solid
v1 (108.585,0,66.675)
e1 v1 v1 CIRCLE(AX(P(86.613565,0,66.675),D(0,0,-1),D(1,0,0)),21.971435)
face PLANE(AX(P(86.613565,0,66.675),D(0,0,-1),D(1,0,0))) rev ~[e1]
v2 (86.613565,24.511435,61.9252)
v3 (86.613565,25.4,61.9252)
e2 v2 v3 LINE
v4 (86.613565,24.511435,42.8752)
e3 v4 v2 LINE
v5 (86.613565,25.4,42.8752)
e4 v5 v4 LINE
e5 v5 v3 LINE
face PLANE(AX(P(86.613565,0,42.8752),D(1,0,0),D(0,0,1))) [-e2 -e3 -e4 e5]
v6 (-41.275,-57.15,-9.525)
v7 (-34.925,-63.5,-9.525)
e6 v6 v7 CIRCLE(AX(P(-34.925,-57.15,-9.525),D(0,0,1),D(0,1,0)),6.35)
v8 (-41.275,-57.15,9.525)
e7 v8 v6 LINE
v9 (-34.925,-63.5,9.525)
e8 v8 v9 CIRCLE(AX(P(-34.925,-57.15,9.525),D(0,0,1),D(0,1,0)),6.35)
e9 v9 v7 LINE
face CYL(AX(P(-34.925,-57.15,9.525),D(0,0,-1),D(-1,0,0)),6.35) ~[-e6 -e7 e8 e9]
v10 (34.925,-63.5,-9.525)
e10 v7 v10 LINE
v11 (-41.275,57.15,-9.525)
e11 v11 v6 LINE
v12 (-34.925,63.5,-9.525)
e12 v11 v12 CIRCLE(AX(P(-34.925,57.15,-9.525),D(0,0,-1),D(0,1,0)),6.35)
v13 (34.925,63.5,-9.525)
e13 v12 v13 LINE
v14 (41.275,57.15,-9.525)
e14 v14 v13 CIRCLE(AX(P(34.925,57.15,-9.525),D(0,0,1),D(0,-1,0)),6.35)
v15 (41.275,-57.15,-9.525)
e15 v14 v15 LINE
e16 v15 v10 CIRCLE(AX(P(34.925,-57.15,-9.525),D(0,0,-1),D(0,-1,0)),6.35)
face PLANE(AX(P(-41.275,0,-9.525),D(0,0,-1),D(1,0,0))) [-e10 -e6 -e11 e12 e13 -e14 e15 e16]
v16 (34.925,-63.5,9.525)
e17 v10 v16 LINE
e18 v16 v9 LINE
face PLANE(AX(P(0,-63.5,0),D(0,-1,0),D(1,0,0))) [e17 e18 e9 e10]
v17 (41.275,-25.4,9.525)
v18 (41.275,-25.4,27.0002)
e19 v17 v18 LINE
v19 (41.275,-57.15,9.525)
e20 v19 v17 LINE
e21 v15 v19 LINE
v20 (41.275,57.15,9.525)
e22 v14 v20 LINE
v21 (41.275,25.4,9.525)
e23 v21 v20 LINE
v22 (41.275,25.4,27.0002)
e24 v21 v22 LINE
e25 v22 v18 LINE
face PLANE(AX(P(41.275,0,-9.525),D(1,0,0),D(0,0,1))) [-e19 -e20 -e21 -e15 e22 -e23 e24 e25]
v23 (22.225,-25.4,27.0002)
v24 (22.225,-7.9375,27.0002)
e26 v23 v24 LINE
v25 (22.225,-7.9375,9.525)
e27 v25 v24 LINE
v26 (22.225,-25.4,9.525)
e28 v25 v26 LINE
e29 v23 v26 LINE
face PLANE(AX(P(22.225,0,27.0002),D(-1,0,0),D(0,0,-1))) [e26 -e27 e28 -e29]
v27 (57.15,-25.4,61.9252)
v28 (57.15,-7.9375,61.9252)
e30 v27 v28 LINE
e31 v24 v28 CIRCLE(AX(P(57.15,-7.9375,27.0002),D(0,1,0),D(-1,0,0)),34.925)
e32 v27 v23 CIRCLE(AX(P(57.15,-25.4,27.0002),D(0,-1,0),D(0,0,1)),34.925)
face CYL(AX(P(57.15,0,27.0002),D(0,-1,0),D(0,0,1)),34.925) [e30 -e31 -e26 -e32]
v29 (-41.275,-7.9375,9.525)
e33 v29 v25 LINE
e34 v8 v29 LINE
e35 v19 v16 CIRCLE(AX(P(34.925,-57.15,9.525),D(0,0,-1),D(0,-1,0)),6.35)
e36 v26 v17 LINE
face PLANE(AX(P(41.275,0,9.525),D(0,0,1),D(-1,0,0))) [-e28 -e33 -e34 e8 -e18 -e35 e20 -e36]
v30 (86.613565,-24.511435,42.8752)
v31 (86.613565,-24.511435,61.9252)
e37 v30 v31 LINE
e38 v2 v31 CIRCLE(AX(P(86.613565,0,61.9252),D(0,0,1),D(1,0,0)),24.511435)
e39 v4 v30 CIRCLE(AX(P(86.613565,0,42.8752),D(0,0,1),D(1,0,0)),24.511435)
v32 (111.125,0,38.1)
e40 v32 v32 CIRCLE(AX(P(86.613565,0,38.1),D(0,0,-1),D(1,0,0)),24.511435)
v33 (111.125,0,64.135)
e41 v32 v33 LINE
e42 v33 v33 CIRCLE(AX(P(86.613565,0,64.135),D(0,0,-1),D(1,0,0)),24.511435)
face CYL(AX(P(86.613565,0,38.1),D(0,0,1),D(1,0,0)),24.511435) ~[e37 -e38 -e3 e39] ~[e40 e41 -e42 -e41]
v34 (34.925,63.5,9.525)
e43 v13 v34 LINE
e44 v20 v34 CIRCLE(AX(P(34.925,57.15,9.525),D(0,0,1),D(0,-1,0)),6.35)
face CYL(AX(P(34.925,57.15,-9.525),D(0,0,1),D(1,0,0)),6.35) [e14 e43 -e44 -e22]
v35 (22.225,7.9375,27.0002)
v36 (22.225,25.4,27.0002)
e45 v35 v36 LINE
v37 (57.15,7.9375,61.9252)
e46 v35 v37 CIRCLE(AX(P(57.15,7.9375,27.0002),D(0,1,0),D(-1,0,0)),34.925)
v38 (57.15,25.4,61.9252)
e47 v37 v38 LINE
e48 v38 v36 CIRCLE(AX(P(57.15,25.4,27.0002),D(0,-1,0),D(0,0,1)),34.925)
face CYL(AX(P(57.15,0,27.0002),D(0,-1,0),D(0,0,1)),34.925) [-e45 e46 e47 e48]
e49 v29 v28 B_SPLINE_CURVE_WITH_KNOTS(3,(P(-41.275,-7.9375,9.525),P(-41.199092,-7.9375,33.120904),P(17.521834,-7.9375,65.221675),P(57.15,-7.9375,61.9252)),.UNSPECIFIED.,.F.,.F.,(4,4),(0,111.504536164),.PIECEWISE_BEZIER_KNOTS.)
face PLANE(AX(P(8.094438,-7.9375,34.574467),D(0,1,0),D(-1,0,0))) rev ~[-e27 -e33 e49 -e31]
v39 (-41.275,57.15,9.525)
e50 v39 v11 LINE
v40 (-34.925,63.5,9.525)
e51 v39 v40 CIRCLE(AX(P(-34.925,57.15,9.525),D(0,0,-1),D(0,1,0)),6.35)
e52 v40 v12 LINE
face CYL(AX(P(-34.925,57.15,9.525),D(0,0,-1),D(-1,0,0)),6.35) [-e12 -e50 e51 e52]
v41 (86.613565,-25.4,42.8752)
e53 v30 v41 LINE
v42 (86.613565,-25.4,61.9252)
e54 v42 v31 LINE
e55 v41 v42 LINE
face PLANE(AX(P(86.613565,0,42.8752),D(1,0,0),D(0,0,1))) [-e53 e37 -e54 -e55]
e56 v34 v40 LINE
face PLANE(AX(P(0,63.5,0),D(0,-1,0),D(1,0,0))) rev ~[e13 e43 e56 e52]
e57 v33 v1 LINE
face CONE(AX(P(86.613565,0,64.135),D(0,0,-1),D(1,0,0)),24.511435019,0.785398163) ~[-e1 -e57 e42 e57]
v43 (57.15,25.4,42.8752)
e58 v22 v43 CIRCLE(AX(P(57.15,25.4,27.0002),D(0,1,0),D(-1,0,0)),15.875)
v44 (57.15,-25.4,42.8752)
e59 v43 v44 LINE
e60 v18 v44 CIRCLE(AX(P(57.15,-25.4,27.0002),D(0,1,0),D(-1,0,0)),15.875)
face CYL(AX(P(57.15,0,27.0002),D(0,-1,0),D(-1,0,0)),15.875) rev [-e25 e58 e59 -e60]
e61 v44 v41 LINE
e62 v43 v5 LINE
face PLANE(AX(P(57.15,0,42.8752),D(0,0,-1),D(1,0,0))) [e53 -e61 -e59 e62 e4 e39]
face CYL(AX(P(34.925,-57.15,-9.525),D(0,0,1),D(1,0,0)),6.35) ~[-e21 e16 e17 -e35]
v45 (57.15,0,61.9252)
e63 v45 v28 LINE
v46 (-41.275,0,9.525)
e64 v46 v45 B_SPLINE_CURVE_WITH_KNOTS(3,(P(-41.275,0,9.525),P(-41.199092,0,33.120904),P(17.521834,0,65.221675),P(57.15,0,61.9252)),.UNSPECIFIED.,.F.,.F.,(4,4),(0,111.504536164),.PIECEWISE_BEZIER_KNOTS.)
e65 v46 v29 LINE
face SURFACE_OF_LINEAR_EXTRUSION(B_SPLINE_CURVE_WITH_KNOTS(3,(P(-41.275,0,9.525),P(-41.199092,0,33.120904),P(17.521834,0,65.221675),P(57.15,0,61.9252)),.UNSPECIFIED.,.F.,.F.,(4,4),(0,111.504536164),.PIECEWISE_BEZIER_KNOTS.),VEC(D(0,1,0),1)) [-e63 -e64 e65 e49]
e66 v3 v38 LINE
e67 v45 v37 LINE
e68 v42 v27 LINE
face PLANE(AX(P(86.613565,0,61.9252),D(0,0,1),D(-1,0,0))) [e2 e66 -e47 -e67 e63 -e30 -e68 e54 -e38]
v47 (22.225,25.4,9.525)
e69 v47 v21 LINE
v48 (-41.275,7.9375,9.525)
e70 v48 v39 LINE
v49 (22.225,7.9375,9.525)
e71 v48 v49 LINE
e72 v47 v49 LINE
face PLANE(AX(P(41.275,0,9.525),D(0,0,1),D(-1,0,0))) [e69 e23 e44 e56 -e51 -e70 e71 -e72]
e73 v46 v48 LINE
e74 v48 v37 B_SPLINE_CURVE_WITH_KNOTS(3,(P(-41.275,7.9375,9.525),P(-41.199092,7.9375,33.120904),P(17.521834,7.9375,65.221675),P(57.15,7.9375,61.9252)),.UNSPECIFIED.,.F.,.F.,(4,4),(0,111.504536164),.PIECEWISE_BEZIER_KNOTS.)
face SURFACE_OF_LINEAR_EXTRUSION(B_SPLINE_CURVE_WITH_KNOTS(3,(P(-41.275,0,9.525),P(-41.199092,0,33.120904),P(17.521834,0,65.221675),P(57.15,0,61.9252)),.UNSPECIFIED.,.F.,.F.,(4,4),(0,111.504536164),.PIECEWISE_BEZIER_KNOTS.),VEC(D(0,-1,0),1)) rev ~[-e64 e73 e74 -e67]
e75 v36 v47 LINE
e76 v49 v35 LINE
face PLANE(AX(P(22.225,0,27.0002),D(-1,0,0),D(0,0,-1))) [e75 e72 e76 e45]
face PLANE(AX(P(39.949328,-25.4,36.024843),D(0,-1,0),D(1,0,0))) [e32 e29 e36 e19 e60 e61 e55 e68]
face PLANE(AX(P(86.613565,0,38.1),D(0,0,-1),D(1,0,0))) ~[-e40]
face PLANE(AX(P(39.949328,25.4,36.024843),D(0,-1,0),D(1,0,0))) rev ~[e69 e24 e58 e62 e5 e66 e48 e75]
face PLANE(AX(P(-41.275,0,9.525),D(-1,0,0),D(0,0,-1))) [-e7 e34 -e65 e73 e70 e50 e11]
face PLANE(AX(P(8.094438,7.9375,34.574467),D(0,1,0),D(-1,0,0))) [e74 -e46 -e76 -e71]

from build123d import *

# Parameters (mm, degrees)
F1_DEPTH = 63.5
F2_DEPTH = 25.4
F3_DEPTH = 7.9375
F5_R     = 6.35
F6_SIZE  = 2.54


with BuildPart() as f1:
    # F0 (on Front) → F1 (new body, symmetric)
    with BuildSketch(Plane.XZ):
        Polygon((22.225, 9.525), (-41.275, 9.525), (-41.275, -9.525), (41.275, -9.525), (41.275, 9.525), align=None)
    extrude(amount=F1_DEPTH, both=True)

    # F0 (on Front) → F2 (join, symmetric)
    with BuildSketch(Plane.XZ):
        with BuildLine():
            Line((22.225, 27.0002), (22.225, 9.525))
            Line((22.225, 9.525), (41.275, 9.525))
            Line((41.275, 9.525), (41.275, 27.0002))
            ThreePointArc((41.275, 27.0002), (45.9246798487, 38.2255201513), (57.15, 42.8752))
            Line((57.15, 42.8752), (60.325, 42.8752))
            Line((60.325, 42.8752), (60.325, 61.9252))
            Line((60.325, 61.9252), (57.15, 61.9252))
            ThreePointArc((57.15, 61.9252), (32.4542956671, 51.6959043329), (22.225, 27.0002))
        make_face()
        Polygon((86.6135649812, 61.9252), (60.325, 61.9252), (60.325, 42.8752), (76.2353741971, 42.8752), (86.6135649812, 42.8752), align=None)
    extrude(amount=F2_DEPTH, both=True)

    # F0 (on Front) → F3 (join, symmetric)
    with BuildSketch(Plane.XZ):
        with BuildLine():
            add(Edge.make_bspline(
                [(-41.275, 9.525), (-41.1990918219, 33.1209041178), (17.5218340009, 65.2216747403), (57.15, 61.9252)],
                knots=[0, 0, 0, 0, 111.5045361635, 111.5045361635, 111.5045361635, 111.5045361635], degree=3))
            Line((-41.275, 9.525), (22.225, 9.525))
            Line((22.225, 9.525), (22.225, 27.0002))
            ThreePointArc((22.225, 27.0002), (32.4542956671, 51.6959043329), (57.15, 61.9252))
        make_face()
    extrude(amount=F3_DEPTH, both=True)

    # F0 (on Front) → F4 (revolve)
    with BuildSketch(Plane.XZ):
        Polygon((86.6135649812, 66.675), (86.6135649812, 61.9252), (86.6135649812, 42.8752), (86.6135649812, 38.1), (111.125, 38.1), (111.125, 66.675), align=None)
    revolve(axis=Axis((86.6135649812, 0, 52.3875), (0, 0, -1)))

    # F5
    f5_edges = [f1.edges().sort_by_distance(p)[0] for p in [
        (-41.275, -63.5, 0),
        (41.275, -63.5, 0),
        (41.275, 63.5, 0),
        (-41.275, 63.5, 0),
    ]]
    fillet(f5_edges, radius=F5_R)

    # F6
    f6_edges = [f1.edges().sort_by_distance(p)[0] for p in [
        (62.10213, 0, 66.675),
    ]]
    chamfer(f6_edges, length=F6_SIZE)


solid = f1.part
